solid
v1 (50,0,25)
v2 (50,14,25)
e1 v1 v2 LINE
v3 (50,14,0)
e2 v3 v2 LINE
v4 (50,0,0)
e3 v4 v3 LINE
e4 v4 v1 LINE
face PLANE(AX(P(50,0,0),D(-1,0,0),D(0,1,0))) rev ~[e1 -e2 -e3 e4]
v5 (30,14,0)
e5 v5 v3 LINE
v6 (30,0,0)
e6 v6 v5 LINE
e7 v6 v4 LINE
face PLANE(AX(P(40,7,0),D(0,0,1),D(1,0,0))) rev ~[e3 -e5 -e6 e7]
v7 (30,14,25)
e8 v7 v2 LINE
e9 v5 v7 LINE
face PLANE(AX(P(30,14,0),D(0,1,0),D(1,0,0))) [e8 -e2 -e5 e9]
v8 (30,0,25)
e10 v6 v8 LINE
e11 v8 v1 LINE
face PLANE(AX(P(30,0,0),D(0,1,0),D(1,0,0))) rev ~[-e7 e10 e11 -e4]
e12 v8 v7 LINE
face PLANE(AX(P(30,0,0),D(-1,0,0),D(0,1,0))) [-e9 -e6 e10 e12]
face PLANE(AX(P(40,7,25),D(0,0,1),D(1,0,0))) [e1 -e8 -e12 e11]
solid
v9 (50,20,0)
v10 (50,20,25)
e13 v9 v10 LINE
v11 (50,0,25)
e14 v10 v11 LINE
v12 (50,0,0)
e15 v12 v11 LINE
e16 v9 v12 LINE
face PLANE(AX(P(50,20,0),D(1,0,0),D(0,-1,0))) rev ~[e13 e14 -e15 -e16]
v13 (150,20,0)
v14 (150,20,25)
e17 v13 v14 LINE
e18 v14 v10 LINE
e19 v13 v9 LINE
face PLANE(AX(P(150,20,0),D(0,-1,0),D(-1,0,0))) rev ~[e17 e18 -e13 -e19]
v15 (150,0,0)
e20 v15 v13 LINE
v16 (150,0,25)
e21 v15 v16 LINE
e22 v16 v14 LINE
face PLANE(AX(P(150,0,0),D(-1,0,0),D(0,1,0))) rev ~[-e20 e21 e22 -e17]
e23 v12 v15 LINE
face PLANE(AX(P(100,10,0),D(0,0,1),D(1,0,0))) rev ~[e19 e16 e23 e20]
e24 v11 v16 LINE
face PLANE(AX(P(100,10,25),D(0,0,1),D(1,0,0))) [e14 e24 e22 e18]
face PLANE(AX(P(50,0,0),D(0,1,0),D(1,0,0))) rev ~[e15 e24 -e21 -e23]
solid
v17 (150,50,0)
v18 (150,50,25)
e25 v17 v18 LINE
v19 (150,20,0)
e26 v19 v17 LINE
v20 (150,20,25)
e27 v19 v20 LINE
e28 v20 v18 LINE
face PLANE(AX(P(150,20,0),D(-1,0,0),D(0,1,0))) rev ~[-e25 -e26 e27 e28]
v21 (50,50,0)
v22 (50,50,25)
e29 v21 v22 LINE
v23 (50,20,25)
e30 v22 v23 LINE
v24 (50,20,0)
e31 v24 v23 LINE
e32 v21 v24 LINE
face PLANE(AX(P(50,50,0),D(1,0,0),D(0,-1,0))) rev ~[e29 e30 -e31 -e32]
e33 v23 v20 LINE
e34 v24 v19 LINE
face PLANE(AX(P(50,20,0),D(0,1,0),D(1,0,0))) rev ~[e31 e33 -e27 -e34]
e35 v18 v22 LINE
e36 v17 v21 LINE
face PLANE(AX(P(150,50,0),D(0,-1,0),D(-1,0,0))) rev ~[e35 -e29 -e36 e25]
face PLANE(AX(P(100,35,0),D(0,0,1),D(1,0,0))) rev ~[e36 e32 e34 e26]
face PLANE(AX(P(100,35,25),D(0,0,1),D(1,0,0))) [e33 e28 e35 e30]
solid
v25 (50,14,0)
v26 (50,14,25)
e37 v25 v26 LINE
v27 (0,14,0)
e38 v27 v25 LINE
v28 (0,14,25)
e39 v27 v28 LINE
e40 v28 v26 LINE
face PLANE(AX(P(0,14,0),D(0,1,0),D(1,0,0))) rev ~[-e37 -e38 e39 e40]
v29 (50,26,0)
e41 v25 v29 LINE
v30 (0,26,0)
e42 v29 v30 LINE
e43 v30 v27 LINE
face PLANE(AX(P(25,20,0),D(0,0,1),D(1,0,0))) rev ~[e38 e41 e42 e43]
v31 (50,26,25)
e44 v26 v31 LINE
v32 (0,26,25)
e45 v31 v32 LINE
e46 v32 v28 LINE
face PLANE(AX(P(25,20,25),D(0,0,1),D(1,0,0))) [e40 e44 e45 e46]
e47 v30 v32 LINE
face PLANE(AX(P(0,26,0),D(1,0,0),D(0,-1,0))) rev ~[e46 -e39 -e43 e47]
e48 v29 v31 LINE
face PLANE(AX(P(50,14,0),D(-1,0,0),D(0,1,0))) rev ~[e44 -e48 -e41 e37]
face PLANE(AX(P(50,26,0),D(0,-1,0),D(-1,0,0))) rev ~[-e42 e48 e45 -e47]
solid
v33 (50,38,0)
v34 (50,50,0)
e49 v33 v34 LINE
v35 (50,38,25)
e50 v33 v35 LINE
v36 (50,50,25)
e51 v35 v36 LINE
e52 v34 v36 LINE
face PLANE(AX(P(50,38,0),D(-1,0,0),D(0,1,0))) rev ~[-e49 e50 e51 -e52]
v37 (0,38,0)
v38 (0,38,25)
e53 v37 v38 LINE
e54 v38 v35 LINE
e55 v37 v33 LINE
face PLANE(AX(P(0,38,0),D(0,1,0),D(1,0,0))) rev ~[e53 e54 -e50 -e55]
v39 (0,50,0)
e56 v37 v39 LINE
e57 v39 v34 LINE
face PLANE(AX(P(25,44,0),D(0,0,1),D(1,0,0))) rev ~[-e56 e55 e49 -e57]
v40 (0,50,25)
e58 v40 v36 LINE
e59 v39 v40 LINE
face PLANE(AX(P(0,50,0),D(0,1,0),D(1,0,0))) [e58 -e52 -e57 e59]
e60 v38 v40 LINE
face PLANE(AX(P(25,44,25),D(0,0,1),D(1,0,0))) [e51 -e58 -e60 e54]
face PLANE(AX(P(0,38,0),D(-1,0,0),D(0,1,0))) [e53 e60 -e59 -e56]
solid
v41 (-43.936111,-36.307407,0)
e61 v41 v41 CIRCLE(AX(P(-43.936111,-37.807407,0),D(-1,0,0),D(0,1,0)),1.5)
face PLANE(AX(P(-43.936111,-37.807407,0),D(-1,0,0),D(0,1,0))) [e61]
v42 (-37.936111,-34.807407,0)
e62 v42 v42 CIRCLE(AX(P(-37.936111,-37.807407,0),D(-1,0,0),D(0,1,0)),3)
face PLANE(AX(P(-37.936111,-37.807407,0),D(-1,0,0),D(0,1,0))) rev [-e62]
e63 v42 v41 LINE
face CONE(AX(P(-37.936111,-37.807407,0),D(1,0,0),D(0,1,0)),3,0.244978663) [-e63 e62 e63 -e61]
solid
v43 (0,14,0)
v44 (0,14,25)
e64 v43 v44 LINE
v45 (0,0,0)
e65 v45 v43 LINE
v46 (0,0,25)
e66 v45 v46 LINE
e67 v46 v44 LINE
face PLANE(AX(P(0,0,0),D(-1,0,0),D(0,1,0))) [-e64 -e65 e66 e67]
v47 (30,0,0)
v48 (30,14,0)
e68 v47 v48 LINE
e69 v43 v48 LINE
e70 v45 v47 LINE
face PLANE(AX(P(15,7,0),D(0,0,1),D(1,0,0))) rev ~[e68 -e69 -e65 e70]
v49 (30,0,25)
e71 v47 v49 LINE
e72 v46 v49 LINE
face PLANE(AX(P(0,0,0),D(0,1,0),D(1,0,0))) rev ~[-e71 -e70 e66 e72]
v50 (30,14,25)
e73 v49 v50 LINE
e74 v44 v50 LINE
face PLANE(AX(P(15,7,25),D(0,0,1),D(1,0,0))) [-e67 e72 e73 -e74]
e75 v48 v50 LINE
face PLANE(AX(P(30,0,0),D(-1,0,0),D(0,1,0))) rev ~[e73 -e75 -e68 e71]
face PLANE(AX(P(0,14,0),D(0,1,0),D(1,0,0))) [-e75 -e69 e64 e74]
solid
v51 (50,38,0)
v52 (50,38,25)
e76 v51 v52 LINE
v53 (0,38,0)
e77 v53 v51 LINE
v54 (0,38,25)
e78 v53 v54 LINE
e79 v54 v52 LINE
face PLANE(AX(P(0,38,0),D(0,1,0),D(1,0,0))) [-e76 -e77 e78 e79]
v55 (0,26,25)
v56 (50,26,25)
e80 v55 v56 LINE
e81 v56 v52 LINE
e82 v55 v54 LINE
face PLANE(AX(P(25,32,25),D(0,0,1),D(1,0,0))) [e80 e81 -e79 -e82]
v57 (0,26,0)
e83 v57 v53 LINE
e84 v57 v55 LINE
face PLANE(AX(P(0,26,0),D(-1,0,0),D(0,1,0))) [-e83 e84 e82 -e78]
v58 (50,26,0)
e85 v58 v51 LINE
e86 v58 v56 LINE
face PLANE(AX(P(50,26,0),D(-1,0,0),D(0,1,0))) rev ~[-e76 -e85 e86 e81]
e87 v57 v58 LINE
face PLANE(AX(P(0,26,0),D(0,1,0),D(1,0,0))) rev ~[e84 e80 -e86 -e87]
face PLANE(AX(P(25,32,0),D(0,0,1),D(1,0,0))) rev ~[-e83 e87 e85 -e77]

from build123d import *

# Parameters (mm, degrees)
F0_W     = 50
F0_H     = 12
F1_DEPTH = 25
F0_W_2   = 30
F0_H_2   = 14
F2_DEPTH = 25
F0_W_3   = 20
F3_DEPTH = 25


with BuildPart() as f1:
    # F0 (on Top) → F1 (new body)
    with BuildSketch(Plane.XY):
        with Locations((25, 44)):
            Rectangle(F0_W, F0_H)
        Polygon((0, 26), (0, 14), (30, 14), (50, 14), (50, 20), (50, 26), align=None)
    extrude(amount=F1_DEPTH)


with BuildPart() as f2:
    # F0 (on Top) → F2 (new body)
    with BuildSketch(Plane.XY):
        with Locations((25, 32)):
            Rectangle(F0_W, F0_H)
        with Locations((15, 7)):
            Rectangle(F0_W_2, F0_H_2)
        Polygon((50, 14), (50, 0), (150, 0), (150, 20), (50, 20), align=None)
    extrude(amount=F2_DEPTH)


with BuildPart() as f3:
    # F0 (on Top) → F3 (new body)
    with BuildSketch(Plane.XY):
        Polygon((50, 38), (50, 26), (50, 20), (150, 20), (150, 50), (50, 50), align=None)
        with Locations((40, 7)):
            Rectangle(F0_W_3, F0_H_2)
    extrude(amount=F3_DEPTH)


with BuildPart() as f5:
    # F4 (on Top) → F5 (revolve)
    with BuildSketch(Plane.XY):
        Polygon((-37.936111, -37.807407), (-37.936111, -34.807407), (-43.936111, -36.307407), (-43.936111, -37.807407), align=None)
    revolve(axis=Axis((-40.936111, -37.807407, 0), (-1, 0, 0)))


solid = Compound([f1.part, f2.part, f3.part, f5.part])
